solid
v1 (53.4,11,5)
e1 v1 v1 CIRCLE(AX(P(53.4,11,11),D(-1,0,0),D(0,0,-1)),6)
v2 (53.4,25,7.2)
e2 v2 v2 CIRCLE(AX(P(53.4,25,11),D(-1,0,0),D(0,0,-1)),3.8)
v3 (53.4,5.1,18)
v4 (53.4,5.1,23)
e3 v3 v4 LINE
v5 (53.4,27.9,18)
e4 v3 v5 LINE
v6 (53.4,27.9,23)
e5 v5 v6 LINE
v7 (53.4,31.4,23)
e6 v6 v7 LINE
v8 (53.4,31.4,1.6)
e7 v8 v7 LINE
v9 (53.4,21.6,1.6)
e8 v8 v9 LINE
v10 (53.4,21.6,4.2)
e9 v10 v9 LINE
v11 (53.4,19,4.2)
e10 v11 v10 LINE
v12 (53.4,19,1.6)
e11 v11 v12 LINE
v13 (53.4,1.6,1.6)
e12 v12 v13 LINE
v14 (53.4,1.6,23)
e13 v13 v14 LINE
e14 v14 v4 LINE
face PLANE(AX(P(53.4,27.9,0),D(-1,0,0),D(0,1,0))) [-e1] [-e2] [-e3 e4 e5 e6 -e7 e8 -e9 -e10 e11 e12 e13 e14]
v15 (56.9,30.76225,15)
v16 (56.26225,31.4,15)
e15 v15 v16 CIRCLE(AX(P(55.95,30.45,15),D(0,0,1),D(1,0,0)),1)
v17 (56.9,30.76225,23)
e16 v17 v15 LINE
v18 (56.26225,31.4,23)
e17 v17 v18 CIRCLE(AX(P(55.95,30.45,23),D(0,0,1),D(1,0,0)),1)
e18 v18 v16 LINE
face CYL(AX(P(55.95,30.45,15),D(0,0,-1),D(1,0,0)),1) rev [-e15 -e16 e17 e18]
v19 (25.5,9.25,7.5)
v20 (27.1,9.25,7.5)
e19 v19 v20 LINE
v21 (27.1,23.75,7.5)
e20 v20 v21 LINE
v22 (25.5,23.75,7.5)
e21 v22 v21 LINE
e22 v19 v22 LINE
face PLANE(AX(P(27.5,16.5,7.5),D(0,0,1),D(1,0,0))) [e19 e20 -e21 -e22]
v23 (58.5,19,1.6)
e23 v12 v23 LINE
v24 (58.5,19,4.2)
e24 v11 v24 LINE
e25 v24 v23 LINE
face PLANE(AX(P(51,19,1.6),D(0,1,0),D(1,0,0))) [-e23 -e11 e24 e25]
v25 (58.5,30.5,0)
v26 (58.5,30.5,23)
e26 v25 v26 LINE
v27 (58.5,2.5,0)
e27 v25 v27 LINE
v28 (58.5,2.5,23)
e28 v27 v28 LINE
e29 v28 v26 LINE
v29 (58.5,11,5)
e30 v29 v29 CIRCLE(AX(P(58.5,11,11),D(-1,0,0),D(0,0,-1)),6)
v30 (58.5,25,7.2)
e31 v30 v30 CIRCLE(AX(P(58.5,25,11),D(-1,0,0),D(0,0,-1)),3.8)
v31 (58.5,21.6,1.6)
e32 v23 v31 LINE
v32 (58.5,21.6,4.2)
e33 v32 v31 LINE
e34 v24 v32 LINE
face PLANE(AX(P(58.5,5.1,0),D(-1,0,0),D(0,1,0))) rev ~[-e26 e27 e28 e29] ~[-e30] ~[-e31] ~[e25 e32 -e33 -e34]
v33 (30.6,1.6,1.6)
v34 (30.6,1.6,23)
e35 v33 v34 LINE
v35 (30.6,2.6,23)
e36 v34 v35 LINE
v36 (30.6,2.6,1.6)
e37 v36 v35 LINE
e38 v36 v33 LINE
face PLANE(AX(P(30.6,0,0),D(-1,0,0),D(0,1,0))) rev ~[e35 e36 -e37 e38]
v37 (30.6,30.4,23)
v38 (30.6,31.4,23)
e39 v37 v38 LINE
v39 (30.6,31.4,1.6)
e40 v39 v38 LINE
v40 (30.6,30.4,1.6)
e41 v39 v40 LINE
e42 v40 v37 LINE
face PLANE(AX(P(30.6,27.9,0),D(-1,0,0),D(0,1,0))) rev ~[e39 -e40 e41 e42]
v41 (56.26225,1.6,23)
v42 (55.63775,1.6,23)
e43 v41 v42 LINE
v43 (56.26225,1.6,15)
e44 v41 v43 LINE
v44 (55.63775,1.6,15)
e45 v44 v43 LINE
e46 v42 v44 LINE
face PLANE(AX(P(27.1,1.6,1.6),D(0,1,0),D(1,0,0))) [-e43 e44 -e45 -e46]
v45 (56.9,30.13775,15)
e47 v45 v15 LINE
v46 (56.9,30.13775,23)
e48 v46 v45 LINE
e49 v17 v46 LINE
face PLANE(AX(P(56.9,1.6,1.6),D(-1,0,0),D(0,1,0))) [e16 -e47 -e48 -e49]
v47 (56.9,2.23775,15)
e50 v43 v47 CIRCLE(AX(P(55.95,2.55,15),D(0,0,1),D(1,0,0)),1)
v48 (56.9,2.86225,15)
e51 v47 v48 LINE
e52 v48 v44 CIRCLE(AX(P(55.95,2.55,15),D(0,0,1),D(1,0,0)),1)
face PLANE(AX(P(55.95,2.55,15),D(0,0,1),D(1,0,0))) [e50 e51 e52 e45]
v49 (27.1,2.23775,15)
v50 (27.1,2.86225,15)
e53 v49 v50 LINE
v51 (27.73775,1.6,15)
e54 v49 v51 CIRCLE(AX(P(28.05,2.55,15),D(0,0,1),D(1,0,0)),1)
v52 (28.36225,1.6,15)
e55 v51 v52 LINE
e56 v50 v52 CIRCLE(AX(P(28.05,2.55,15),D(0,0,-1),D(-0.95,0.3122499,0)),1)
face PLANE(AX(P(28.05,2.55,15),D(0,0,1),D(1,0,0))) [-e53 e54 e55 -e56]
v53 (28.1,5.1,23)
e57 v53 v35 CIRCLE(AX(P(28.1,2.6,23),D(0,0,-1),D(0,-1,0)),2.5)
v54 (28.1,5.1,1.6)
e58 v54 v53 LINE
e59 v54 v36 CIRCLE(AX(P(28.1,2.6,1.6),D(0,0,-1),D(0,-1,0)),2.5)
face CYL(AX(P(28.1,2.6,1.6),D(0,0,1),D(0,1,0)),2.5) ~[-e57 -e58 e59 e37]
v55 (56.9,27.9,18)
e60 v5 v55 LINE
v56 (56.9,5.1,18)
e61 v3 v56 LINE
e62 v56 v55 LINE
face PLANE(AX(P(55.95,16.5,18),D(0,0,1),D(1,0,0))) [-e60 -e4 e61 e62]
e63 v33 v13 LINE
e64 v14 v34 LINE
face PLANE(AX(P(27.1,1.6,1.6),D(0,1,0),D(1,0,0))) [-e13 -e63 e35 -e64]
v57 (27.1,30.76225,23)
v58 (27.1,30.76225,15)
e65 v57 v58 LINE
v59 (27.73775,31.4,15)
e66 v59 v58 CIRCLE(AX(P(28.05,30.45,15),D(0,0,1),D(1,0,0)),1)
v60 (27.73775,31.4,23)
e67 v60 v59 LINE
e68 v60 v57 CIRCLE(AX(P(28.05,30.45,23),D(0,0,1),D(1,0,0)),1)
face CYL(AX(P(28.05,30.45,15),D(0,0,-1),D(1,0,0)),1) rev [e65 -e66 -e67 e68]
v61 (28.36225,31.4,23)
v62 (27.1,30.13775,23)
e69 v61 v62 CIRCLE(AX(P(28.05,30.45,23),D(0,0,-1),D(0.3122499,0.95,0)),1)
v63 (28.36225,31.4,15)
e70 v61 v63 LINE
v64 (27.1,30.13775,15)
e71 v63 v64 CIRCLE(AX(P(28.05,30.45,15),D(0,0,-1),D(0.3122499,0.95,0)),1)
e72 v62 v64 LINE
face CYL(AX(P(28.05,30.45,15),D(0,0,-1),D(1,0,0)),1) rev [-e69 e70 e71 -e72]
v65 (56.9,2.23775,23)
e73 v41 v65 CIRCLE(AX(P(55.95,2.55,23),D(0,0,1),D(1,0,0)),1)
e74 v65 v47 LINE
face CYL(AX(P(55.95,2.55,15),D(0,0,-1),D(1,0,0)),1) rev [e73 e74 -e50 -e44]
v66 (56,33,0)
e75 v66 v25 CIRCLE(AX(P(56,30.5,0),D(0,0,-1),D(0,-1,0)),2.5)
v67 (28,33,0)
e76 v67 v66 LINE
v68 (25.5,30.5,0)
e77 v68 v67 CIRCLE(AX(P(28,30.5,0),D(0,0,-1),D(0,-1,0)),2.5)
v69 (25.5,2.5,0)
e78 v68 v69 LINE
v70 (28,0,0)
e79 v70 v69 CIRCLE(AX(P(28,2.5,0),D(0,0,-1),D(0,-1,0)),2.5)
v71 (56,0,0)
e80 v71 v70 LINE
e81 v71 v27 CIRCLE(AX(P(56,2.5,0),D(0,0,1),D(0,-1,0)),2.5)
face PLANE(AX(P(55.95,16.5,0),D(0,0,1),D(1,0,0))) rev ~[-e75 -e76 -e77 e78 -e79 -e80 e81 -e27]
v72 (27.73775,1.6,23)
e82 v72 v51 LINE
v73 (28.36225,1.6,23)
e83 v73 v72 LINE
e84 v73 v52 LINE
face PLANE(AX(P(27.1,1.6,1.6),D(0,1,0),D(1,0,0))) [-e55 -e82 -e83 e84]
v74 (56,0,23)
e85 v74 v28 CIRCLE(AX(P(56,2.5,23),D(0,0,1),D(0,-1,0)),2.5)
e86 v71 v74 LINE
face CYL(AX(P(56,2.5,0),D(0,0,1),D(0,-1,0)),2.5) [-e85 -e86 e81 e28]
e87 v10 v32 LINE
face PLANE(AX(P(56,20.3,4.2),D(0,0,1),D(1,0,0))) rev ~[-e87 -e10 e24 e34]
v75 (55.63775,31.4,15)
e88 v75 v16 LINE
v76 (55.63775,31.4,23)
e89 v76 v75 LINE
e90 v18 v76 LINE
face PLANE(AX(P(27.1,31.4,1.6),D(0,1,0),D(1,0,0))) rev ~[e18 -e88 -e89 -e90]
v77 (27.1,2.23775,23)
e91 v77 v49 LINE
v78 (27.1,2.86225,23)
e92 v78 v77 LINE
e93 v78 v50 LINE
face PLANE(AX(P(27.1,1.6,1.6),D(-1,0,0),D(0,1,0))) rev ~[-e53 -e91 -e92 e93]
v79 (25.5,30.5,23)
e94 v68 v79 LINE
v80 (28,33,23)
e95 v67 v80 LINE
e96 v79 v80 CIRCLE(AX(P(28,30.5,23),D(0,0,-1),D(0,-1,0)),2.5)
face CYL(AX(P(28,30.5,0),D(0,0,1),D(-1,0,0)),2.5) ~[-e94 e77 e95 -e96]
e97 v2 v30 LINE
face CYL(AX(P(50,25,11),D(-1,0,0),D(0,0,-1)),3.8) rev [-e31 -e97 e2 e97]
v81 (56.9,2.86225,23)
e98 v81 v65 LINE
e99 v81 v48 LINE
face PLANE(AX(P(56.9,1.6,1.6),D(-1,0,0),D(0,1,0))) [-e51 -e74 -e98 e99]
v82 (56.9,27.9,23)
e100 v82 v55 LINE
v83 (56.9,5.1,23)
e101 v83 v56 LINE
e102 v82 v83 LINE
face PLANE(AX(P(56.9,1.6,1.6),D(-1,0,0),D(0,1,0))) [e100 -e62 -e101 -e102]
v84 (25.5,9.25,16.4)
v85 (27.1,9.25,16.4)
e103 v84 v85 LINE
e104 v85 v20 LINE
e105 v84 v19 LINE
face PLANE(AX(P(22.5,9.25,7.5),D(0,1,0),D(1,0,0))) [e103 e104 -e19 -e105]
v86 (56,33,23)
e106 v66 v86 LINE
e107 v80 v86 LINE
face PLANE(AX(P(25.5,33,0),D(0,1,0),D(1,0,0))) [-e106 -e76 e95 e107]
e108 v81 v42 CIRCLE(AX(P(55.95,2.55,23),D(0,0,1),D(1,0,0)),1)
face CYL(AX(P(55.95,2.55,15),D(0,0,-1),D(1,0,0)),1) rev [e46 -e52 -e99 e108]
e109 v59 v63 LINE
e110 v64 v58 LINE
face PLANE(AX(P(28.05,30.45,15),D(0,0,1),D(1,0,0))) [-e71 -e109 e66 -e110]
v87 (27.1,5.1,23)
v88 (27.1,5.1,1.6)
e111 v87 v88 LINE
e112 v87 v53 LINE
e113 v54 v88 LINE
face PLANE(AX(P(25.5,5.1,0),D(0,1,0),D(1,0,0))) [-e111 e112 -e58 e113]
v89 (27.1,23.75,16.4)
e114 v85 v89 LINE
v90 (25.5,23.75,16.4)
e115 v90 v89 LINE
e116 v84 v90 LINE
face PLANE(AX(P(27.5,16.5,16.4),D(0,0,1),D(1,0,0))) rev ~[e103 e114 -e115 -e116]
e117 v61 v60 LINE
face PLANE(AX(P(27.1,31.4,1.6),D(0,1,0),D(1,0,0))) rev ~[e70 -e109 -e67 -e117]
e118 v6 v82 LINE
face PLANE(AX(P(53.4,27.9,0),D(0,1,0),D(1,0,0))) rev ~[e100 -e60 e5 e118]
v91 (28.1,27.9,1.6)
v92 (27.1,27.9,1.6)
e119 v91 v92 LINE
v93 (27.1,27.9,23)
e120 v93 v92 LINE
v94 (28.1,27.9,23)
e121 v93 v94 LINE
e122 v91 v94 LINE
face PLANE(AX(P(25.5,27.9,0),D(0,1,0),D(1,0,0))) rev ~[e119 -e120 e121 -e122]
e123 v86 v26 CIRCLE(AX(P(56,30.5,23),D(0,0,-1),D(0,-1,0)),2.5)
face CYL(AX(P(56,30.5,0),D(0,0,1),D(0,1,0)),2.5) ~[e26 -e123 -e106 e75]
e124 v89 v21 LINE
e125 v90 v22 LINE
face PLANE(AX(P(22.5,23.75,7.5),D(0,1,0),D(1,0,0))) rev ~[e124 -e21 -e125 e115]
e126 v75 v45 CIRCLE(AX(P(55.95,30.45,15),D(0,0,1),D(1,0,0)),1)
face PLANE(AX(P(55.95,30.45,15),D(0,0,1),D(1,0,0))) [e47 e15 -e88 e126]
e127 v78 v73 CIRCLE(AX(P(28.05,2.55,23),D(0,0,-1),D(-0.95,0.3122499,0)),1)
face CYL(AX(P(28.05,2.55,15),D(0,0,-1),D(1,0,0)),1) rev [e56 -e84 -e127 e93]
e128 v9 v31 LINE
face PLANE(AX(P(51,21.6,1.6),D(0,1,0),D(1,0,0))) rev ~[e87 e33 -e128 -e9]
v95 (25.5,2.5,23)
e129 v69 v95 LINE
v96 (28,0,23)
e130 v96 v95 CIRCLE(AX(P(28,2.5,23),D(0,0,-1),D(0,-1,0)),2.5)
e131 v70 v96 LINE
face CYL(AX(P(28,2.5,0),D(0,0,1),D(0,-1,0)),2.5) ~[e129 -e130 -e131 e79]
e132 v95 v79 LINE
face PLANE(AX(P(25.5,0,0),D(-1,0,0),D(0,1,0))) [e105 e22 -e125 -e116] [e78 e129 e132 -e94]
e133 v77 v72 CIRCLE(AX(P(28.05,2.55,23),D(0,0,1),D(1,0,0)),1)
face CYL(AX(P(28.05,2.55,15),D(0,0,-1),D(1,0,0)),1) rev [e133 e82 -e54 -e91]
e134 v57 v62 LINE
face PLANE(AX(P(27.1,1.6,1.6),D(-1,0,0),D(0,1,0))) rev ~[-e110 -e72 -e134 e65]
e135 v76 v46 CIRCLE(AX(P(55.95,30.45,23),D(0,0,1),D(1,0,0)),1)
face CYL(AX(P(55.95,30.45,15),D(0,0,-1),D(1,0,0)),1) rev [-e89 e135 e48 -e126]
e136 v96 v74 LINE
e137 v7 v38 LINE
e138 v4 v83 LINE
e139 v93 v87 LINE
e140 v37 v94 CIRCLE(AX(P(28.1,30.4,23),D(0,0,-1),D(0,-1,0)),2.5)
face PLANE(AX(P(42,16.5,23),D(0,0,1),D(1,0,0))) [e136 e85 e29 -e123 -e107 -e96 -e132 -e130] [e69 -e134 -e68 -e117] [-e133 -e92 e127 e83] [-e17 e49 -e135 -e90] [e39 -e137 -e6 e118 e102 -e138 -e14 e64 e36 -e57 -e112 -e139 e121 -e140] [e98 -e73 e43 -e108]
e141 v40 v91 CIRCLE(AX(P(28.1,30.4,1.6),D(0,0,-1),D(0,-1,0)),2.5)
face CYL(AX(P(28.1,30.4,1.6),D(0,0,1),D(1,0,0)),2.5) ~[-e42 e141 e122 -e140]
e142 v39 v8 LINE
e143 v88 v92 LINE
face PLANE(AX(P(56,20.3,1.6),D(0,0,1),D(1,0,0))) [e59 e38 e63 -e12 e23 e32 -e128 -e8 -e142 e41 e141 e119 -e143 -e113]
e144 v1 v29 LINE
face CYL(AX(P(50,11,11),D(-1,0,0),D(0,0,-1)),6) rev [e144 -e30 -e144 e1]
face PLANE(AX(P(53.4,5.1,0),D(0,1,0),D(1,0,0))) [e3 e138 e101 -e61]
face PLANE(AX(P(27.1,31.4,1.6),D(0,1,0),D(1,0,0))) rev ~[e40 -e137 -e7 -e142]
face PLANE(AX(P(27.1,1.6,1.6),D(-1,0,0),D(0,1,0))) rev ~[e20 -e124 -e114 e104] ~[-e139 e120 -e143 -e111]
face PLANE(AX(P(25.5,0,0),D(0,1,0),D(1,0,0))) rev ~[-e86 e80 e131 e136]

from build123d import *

# Parameters (mm, degrees)
BOX008_W                = 10
BOX008_H                = 2.6
BOX008_DEPTH            = 2.6
CYLINDER004_R           = 6
CYLINDER004_DEPTH       = 10
CYLINDER004_PITCH_ANGLE = 90
CYLINDER005_R           = 3.8
CYLINDER005_DEPTH       = 10
CYLINDER005_PITCH_ANGLE = 90
BOX006_W                = 10
BOX006_H                = 14.5
BOX006_DEPTH            = 8.9
BOX007_W                = 5.1
BOX007_H                = 22.8
BOX007_DEPTH            = 18
CYLINDER001_R           = 1
CYLINDER001_DEPTH       = 8
BOX003_W                = 5.1
BOX003_H                = 5.1
BOX003_DEPTH            = 23
CYLINDER003_R           = 1
CYLINDER003_DEPTH       = 8
BOX005_W                = 5.1
BOX005_H                = 5.1
BOX005_DEPTH            = 23
CYLINDER002_R           = 1
CYLINDER002_DEPTH       = 8
BOX004_W                = 5.1
BOX004_H                = 5.1
BOX004_DEPTH            = 23
CYLINDER_R              = 1
CYLINDER_DEPTH          = 8
BOX002_W                = 5.1
BOX002_H                = 5.1
BOX002_DEPTH            = 23
BOX001_W                = 29.8
BOX001_H                = 29.8
BOX001_DEPTH            = 23
BOX_W                   = 33
BOX_H                   = 33
BOX_DEPTH               = 23
FILLET_R                = 2.5


with BuildPart() as dupont:
    # Box008 → Box008 (new body)
    with BuildSketch(Plane(origin=(51, 19, 1.6), x_dir=(1, 0, 0), z_dir=(0, 0, 1))):
        with Locations((5, 1.3)):
            Rectangle(BOX008_W, BOX008_H)
    extrude(amount=BOX008_DEPTH)


with BuildPart() as aviator:
    # Cylinder004 → Cylinder004 (new body)
    with BuildSketch(Plane.XY):
        Circle(CYLINDER004_R)
    extrude(amount=CYLINDER004_DEPTH)


with BuildPart() as aviator_1:
    # Cylinder004 pitch: moved
    add(aviator.part.rotate(Axis((0, 0, 0), (0, 1, 0)), CYLINDER004_PITCH_ANGLE))


with BuildPart() as aviator_2:
    # Cylinder004 placement: moved
    add(aviator_1.part.moved(Location((50, 11, 11))))


with BuildPart() as dcplug:
    # Cylinder005 → Cylinder005 (new body)
    with BuildSketch(Plane.XY):
        Circle(CYLINDER005_R)
    extrude(amount=CYLINDER005_DEPTH)


with BuildPart() as dcplug_1:
    # Cylinder005 pitch: moved
    add(dcplug.part.rotate(Axis((0, 0, 0), (0, 1, 0)), CYLINDER005_PITCH_ANGLE))


with BuildPart() as dcplug_2:
    # Cylinder005 placement: moved
    add(dcplug_1.part.moved(Location((50, 25, 11))))


with BuildPart() as aussparungen:
    # Box006 → Box006 (new body)
    with BuildSketch(Plane(origin=(22.5, 9.25, 7.5), x_dir=(1, 0, 0), z_dir=(0, 0, 1))):
        with Locations((5, 7.25)):
            Rectangle(BOX006_W, BOX006_H)
    extrude(amount=BOX006_DEPTH)

    # Fusion003: union Aviator, DCPlug
    add(aviator_2.part)
    add(dcplug_2.part)


with BuildPart() as lochverstaerkung:
    # Box007 → Box007 (new body)
    with BuildSketch(Plane(origin=(53.4, 5.1, 0), x_dir=(1, 0, 0), z_dir=(0, 0, 1))):
        with Locations((2.55, 11.4)):
            Rectangle(BOX007_W, BOX007_H)
    extrude(amount=BOX007_DEPTH)


with BuildPart() as schraubloch001:
    # Cylinder001 → Cylinder001 (new body)
    with BuildSketch(Plane(origin=(2.55, 2.55, 15), x_dir=(1, 0, 0), z_dir=(0, 0, 1))):
        Circle(CYLINDER001_R)
    extrude(amount=CYLINDER001_DEPTH)


with BuildPart() as platinenhalter001:
    # Box003 → Box003 (new body)
    with BuildSketch(Plane.XY):
        with Locations((2.55, 2.55)):
            Rectangle(BOX003_W, BOX003_H)
    extrude(amount=BOX003_DEPTH)

    # Cut002: cut Schraubloch001
    add(schraubloch001.part, mode=Mode.SUBTRACT)


with BuildPart() as platinenhalter001_1:
    # Cut002 placement: moved
    add(platinenhalter001.part.moved(Location((53.4, 0, 0))))


with BuildPart() as schraubloch003:
    # Cylinder003 → Cylinder003 (new body)
    with BuildSketch(Plane(origin=(2.55, 2.55, 15), x_dir=(1, 0, 0), z_dir=(0, 0, 1))):
        Circle(CYLINDER003_R)
    extrude(amount=CYLINDER003_DEPTH)


with BuildPart() as platinenhalter003:
    # Box005 → Box005 (new body)
    with BuildSketch(Plane.XY):
        with Locations((2.55, 2.55)):
            Rectangle(BOX005_W, BOX005_H)
    extrude(amount=BOX005_DEPTH)

    # Cut004: cut Schraubloch003
    add(schraubloch003.part, mode=Mode.SUBTRACT)


with BuildPart() as platinenhalter003_1:
    # Cut004 placement: moved
    add(platinenhalter003.part.moved(Location((53.4, 27.9, 0))))


with BuildPart() as schraubloch002:
    # Cylinder002 → Cylinder002 (new body)
    with BuildSketch(Plane(origin=(2.55, 2.55, 15), x_dir=(1, 0, 0), z_dir=(0, 0, 1))):
        Circle(CYLINDER002_R)
    extrude(amount=CYLINDER002_DEPTH)


with BuildPart() as platinenhalter002:
    # Box004 → Box004 (new body)
    with BuildSketch(Plane.XY):
        with Locations((2.55, 2.55)):
            Rectangle(BOX004_W, BOX004_H)
    extrude(amount=BOX004_DEPTH)

    # Cut003: cut Schraubloch002
    add(schraubloch002.part, mode=Mode.SUBTRACT)


with BuildPart() as platinenhalter002_1:
    # Cut003 placement: moved
    add(platinenhalter002.part.moved(Location((25.5, 27.9, 0))))


with BuildPart() as schraubloch:
    # Cylinder → Cylinder (new body)
    with BuildSketch(Plane(origin=(2.55, 2.55, 15), x_dir=(1, 0, 0), z_dir=(0, 0, 1))):
        Circle(CYLINDER_R)
    extrude(amount=CYLINDER_DEPTH)


with BuildPart() as platinenhalter:
    # Box002 → Box002 (new body)
    with BuildSketch(Plane.XY):
        with Locations((2.55, 2.55)):
            Rectangle(BOX002_W, BOX002_H)
    extrude(amount=BOX002_DEPTH)

    # Cut001: cut Schraubloch
    add(schraubloch.part, mode=Mode.SUBTRACT)


with BuildPart() as platinenhalter_1:
    # Cut001 placement: moved
    add(platinenhalter.part.moved(Location((25.5, 0, 0))))

    # Fusion: union Platinenhalter001, Platinenhalter003, Platinenhalter002
    add(platinenhalter001_1.part)
    add(platinenhalter003_1.part)
    add(platinenhalter002_1.part)


with BuildPart() as innen:
    # Box001 → Box001 (new body)
    with BuildSketch(Plane(origin=(1.6, 1.6, 1.6), x_dir=(1, 0, 0), z_dir=(0, 0, 1))):
        with Locations((14.9, 14.9)):
            Rectangle(BOX001_W, BOX001_H)
    extrude(amount=BOX001_DEPTH)


with BuildPart() as cut006:
    # Box → Box (new body)
    with BuildSketch(Plane.XY):
        with Locations((16.5, 16.5)):
            Rectangle(BOX_W, BOX_H)
    extrude(amount=BOX_DEPTH)

    # Cut: cut Innen
    add(innen.part, mode=Mode.SUBTRACT)


with BuildPart() as cut006_1:
    # Cut placement: moved
    add(cut006.part.moved(Location((25.5, 0, 0))))

    # Fusion001: union Platinenhalter
    add(platinenhalter_1.part)

    # Fusion002: union Lochverstaerkung
    add(lochverstaerkung.part)

    # Fillet
    fillet_edges = [cut006_1.edges().sort_by_distance(p)[0] for p in [
        (25.5, 0, 11.5),
        (25.5, 33, 11.5),
        (58.5, 0, 11.5),
        (30.6, 5.1, 12.3),
        (58.5, 33, 11.5),
        (30.6, 27.9, 12.3),
    ]]
    fillet(fillet_edges, radius=FILLET_R)

    # Cut005: cut Aussparungen
    add(aussparungen.part, mode=Mode.SUBTRACT)

    # Cut006: cut Dupont
    add(dupont.part, mode=Mode.SUBTRACT)


solid = cut006_1.part
